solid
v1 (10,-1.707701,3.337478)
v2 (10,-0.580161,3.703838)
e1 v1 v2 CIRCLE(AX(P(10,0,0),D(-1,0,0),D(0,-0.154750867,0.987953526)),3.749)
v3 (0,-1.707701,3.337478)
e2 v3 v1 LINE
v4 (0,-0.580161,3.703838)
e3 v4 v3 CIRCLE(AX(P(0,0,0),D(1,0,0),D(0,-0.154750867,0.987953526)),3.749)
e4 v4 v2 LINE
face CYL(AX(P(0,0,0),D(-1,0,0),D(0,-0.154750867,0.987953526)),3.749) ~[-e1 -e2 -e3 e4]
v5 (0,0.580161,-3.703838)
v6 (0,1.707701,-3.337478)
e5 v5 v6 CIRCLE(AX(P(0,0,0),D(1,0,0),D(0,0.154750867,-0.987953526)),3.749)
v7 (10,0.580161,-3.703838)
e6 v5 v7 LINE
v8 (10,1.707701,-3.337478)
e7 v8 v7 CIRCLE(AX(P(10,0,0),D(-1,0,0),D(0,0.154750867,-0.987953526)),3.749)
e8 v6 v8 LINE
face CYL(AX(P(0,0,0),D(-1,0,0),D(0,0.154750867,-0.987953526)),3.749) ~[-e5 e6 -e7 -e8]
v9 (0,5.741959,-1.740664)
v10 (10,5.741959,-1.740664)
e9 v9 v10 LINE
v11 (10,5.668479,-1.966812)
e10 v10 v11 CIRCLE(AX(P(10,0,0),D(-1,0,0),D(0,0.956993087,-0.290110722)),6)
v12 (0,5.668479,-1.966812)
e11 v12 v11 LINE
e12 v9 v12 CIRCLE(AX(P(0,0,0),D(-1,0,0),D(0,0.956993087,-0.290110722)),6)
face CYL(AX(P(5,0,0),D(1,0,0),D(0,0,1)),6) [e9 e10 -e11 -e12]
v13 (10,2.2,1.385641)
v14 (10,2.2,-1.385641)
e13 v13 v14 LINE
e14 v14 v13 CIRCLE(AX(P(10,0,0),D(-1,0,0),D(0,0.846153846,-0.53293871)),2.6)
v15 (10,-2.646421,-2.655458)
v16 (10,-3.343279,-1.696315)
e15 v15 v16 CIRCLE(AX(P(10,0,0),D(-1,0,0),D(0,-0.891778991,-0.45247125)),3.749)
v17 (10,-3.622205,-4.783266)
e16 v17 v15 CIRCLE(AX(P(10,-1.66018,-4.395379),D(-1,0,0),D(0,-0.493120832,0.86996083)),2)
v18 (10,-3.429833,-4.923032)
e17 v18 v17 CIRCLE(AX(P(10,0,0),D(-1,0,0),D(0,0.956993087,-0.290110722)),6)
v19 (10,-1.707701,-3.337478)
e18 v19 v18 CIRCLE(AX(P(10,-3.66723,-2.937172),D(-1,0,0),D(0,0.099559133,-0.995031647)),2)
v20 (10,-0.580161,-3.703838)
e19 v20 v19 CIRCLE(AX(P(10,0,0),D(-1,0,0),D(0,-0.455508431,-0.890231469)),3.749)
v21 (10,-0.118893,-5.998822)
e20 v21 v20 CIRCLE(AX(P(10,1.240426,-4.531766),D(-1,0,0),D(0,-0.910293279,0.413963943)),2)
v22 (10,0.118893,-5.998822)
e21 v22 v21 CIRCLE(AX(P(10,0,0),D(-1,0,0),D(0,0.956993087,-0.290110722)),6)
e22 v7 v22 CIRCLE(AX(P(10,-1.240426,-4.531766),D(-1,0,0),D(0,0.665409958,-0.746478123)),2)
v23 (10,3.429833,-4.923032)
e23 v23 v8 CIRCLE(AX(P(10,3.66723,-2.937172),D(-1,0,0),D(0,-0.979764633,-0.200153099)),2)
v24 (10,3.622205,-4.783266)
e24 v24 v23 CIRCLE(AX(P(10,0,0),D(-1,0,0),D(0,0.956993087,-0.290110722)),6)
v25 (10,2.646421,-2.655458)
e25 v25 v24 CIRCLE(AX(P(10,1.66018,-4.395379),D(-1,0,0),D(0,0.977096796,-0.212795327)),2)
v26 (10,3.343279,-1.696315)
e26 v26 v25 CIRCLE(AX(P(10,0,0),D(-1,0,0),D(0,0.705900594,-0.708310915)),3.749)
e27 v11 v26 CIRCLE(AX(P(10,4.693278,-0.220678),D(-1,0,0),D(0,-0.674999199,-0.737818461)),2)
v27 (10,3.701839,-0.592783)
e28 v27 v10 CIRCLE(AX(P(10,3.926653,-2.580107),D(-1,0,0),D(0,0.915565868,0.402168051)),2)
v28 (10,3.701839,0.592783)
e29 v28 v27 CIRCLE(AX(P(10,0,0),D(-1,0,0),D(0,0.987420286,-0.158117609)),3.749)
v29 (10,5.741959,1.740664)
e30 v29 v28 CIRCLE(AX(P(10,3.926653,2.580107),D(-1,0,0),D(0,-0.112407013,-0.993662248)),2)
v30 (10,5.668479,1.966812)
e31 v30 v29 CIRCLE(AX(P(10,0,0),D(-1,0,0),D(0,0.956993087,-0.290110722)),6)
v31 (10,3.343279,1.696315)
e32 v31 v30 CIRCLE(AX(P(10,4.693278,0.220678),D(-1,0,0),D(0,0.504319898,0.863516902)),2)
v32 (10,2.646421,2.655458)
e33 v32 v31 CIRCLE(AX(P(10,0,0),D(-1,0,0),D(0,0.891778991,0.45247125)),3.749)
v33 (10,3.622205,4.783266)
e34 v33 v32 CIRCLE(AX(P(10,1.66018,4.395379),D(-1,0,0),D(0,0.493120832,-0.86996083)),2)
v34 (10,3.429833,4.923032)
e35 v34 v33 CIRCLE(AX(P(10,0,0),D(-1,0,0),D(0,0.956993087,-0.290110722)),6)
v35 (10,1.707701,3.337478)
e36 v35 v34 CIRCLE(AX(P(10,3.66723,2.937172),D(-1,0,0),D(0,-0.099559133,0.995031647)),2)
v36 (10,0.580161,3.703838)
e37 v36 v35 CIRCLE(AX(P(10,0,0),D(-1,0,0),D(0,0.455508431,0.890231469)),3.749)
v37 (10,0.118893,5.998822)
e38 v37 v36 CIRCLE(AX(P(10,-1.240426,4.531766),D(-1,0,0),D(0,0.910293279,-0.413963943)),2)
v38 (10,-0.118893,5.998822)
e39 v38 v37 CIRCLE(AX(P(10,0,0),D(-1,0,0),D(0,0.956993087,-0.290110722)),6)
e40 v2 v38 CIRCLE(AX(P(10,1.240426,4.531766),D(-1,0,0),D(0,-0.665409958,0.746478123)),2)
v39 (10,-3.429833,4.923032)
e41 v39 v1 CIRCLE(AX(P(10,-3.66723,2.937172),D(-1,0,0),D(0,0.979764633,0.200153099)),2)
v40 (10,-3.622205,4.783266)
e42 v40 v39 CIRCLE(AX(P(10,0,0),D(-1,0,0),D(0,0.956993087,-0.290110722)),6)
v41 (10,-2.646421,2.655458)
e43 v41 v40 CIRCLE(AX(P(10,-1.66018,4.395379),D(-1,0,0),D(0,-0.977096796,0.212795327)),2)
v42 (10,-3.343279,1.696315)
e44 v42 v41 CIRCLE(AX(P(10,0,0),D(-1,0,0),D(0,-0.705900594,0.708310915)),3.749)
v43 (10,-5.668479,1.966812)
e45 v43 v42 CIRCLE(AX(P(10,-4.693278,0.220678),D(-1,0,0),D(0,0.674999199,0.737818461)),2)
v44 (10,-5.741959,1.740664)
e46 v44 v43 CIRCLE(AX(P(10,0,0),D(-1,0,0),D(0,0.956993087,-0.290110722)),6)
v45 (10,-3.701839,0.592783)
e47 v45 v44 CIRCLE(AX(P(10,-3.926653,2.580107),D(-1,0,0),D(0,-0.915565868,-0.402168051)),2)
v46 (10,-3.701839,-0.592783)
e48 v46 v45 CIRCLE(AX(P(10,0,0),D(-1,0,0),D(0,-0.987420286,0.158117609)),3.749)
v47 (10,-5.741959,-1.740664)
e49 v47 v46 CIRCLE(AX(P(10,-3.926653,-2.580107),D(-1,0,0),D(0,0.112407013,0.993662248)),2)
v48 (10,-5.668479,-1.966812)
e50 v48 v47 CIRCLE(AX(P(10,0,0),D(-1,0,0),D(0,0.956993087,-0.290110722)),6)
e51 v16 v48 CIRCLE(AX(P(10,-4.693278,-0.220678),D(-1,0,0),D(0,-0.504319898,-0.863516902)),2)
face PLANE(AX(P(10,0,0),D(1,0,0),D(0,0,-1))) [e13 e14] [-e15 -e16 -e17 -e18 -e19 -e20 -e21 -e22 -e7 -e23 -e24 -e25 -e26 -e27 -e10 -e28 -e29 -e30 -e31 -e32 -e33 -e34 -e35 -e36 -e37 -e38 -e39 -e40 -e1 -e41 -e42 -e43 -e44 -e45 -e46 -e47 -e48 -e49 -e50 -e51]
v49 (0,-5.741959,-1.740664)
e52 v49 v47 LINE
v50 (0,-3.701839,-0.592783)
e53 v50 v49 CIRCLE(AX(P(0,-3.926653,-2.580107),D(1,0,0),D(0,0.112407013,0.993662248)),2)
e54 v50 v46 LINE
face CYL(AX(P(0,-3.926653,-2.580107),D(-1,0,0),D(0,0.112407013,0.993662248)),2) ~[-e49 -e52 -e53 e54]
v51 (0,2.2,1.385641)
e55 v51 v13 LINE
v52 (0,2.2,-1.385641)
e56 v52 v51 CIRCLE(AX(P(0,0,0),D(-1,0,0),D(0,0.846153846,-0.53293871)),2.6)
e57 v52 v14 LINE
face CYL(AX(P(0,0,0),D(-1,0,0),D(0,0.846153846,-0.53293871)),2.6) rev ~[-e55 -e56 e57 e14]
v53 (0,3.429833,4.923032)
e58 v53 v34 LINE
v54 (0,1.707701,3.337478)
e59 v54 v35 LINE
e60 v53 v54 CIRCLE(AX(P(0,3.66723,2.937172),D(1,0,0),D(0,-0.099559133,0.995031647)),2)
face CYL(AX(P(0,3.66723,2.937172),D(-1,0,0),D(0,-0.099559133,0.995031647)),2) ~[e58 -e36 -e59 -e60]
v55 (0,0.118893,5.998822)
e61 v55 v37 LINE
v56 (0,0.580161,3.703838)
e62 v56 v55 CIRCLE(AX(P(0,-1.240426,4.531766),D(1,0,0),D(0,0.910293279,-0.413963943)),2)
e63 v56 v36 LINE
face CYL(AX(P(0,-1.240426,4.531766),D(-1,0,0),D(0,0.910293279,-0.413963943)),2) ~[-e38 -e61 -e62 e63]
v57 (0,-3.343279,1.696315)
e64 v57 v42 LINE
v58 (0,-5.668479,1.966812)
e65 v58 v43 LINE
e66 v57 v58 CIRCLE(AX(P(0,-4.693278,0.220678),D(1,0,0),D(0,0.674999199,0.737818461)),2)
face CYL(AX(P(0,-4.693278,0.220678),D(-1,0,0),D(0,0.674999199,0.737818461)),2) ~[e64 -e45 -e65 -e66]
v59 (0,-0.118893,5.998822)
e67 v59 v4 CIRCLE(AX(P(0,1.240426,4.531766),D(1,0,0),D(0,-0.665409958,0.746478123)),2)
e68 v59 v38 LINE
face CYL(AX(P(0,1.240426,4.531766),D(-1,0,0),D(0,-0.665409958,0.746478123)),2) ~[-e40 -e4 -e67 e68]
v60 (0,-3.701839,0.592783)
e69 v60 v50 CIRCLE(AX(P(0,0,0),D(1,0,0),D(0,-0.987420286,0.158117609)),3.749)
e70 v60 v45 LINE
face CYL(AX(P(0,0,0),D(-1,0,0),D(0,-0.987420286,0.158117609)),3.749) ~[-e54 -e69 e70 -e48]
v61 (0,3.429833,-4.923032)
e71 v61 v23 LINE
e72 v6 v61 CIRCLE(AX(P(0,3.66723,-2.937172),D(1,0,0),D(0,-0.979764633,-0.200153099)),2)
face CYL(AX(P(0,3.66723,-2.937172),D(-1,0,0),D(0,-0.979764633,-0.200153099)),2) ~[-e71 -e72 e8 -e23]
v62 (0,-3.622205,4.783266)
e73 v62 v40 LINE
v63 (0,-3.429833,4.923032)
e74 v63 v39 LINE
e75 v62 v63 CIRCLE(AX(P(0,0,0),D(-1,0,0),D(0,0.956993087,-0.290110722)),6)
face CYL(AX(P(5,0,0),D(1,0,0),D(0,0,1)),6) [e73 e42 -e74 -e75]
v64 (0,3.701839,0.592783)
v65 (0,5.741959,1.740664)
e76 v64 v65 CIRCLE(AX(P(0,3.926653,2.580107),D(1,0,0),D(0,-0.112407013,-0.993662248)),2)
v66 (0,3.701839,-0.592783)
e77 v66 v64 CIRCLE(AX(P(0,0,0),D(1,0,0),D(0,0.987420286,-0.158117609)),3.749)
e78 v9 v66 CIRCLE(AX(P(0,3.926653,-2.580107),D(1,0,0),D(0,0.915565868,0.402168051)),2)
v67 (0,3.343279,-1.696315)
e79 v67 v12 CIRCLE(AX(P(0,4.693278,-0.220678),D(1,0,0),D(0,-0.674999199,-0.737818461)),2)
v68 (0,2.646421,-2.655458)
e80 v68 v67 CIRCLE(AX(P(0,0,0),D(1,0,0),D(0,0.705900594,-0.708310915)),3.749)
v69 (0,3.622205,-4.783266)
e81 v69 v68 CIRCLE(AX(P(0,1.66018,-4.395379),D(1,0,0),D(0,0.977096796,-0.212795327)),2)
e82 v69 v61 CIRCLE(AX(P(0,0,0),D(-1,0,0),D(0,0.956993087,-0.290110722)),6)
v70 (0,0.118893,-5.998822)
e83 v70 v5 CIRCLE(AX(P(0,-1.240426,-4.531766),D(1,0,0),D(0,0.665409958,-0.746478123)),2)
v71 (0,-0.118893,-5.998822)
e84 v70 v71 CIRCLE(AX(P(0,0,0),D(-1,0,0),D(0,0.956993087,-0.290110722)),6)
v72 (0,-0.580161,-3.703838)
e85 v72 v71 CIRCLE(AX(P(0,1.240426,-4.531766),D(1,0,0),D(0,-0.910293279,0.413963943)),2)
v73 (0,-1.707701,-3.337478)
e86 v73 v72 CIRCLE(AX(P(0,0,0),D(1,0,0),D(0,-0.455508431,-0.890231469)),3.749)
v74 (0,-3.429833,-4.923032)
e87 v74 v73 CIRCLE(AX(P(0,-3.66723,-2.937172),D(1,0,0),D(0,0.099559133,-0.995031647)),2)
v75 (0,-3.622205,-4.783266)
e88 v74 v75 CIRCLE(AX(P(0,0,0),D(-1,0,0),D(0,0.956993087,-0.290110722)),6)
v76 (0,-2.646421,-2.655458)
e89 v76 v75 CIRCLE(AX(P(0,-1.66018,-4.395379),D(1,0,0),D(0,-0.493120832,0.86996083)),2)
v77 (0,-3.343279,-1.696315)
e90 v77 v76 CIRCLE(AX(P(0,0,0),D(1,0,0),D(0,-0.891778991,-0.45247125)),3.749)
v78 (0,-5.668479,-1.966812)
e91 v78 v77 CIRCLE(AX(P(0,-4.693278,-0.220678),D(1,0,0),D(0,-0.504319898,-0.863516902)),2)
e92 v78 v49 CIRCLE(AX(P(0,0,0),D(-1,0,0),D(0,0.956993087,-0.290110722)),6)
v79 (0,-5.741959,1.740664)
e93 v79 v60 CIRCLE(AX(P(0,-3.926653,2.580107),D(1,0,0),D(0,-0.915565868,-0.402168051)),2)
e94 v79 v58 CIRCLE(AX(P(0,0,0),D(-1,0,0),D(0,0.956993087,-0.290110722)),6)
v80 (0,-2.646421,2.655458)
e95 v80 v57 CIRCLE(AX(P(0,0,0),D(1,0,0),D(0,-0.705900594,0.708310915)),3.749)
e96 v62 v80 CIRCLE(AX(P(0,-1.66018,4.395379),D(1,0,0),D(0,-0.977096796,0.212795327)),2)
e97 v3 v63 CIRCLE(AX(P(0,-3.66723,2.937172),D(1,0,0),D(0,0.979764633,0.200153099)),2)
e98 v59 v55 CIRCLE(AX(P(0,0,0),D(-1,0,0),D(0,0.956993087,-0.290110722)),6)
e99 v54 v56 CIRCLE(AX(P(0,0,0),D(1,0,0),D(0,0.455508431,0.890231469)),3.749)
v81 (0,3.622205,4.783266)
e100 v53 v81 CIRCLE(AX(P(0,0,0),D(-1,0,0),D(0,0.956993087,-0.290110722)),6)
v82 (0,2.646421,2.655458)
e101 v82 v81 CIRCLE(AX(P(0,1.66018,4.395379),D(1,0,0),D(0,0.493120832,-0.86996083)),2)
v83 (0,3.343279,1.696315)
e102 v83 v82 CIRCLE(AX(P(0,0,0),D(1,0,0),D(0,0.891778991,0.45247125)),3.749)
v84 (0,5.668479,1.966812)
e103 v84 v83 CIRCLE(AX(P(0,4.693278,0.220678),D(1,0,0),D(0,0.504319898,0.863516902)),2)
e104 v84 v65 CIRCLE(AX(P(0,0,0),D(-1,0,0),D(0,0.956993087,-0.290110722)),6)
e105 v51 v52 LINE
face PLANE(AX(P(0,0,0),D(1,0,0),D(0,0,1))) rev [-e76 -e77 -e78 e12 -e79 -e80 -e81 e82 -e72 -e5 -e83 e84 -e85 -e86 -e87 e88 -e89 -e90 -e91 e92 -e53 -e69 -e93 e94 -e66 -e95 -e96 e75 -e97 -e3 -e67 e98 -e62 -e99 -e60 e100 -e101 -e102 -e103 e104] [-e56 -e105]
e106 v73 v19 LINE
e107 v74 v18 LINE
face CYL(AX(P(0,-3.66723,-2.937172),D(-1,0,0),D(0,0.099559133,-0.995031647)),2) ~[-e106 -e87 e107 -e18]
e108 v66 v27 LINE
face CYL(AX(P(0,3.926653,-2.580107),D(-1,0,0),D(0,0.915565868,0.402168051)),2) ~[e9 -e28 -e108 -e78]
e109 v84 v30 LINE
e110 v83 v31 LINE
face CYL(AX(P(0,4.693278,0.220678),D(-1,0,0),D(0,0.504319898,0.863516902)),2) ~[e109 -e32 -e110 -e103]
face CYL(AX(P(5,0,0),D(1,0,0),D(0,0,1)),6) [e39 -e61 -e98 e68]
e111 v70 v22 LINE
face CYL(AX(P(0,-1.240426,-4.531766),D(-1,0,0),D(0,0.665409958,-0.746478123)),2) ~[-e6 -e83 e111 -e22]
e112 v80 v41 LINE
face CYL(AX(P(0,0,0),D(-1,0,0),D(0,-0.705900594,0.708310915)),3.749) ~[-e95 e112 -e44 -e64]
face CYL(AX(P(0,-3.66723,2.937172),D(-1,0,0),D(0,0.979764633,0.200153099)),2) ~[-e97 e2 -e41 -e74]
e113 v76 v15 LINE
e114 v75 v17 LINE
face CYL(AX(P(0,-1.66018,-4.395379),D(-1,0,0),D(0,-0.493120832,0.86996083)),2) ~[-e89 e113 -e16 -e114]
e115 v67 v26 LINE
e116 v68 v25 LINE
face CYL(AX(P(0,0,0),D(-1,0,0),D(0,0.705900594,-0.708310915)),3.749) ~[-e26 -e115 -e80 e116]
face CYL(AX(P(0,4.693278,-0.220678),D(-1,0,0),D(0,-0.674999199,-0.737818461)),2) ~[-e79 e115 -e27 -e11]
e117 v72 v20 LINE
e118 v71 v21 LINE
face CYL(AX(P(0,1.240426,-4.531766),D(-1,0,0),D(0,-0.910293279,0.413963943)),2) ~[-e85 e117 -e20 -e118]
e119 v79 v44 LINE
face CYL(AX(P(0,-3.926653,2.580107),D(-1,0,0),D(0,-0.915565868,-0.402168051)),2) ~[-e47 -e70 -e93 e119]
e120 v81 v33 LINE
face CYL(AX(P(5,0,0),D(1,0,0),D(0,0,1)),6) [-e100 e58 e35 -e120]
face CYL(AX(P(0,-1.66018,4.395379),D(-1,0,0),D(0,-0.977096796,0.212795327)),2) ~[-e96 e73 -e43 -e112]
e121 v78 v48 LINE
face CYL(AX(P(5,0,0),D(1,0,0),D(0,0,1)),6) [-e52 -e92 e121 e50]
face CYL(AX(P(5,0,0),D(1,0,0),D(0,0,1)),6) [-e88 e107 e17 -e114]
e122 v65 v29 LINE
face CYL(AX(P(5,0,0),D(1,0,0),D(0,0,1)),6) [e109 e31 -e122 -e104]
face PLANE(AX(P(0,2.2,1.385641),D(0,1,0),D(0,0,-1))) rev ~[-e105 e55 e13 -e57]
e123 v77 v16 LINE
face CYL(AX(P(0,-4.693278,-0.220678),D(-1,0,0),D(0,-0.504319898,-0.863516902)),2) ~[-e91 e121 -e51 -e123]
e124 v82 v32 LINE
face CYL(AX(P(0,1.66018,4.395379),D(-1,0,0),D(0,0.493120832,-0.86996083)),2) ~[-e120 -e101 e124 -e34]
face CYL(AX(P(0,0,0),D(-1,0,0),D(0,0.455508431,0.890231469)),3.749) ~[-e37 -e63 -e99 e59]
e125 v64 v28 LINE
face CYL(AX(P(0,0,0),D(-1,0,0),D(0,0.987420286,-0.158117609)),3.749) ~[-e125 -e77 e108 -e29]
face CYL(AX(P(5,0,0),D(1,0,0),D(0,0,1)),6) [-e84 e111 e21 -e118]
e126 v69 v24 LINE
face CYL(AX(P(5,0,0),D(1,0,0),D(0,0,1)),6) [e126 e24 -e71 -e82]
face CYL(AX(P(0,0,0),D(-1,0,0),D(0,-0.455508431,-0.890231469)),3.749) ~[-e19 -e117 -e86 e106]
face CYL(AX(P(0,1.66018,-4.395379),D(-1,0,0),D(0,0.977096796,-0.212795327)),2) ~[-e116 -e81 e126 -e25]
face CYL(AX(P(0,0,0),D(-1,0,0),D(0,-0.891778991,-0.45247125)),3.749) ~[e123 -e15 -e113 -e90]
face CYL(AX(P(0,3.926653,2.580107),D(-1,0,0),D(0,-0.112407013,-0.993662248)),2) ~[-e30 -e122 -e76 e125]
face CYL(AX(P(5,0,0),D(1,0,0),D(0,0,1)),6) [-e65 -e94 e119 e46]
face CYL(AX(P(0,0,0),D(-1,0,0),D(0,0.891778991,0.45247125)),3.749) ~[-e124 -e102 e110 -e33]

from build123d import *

# Parameters (mm, degrees)
BASPROSKE_W         = 10
BASPROSKE_H         = 6
TOOTHCUT_DEPTH      = 14.114877049
TEETHCUTS_COUNT     = 10
TEETHCUTS_ANGLE     = 324
BORSKE_R            = 2.5
BORE_DEPTH          = 50.0000508
SKETCH1_R           = 2.5
BOSS_EXTRUDE1_DEPTH = 10
CUT_EXTRUDE2_DEPTH  = 10
CUT_EXTRUDE4_DEPTH  = 12.8


with BuildPart() as part:
    # BasProSke → Base-Revolve (revolve)
    with BuildSketch(Plane(origin=(0, 0, 0), x_dir=(1, 0, 0), z_dir=(0, 1, 0)), mode=Mode.PRIVATE) as base_revolve_sk:
        with Locations((5, 3)):
            Rectangle(BASPROSKE_W, BASPROSKE_H)
    revolve(base_revolve_sk.sketch.rotate(Axis((-10, 0, 0), (1, 0, 0)), 180), axis=Axis((-10, 0, 0), (1, 0, 0)))

    # TooCutSke → ToothCut (cut, through all)
    with BuildSketch(Plane(origin=(0, 0, 0), x_dir=(0, 0, -1), z_dir=(1, 0, 0))):
        with BuildLine():
            ThreePointArc((0.59278292, 3.701838653), (0, 3.749), (-0.59278292, 3.701838653))
            ThreePointArc((-0.59278292, 3.701838653), (-0.846593509, 4.924114224), (-1.775771316, 5.757784417))
            ThreePointArc((-1.775771316, 5.757784417), (0, 6.0254), (1.775771316, 5.757784417))
            ThreePointArc((1.775771316, 5.757784417), (0.846593509, 4.924114224), (0.59278292, 3.701838653))
        make_face()
    toothcut = extrude(amount=TOOTHCUT_DEPTH, mode=Mode.SUBTRACT)

    # TeethCuts: ToothCut ×10 about axis
    teethcuts_axis = Axis((-10, 0, 0), (1, 0, 0))
    for i in range(1, TEETHCUTS_COUNT):
        add(toothcut.rotate(teethcuts_axis, i * TEETHCUTS_ANGLE / (TEETHCUTS_COUNT - 1)), mode=Mode.SUBTRACT)

    # BorSke → Bore (cut, symmetric)
    with BuildSketch(Plane(origin=(0, 0, 0), x_dir=(0, 0, -1), z_dir=(1, 0, 0))):
        with Locations(Location((0, 0, 0), (0, 0, 180))):
            Circle(BORSKE_R)
    extrude(amount=BORE_DEPTH, both=True, mode=Mode.SUBTRACT)

    # Sketch1 → Boss-Extrude1 (add)
    with BuildSketch(Plane(origin=(10, 0, 0), x_dir=(0, 0, -1), z_dir=(1, 0, 0))):
        Circle(SKETCH1_R)
    extrude(amount=-BOSS_EXTRUDE1_DEPTH)

    # Sketch2 → Cut-Extrude2 (cut)
    with BuildSketch(Plane.ZY):
        with BuildLine():
            Line((1.187434209, 2.2), (-1.187434209, 2.2))
            ThreePointArc((-1.187434209, 2.2), (-1.280900948, -2.146926352), (2.5, 0))
            ThreePointArc((2.5, 0), (2.146926352, 1.280900948), (1.187434209, 2.2))
        make_face()
    extrude(amount=-CUT_EXTRUDE2_DEPTH, mode=Mode.SUBTRACT)

    # Sketch3 → Cut-Extrude4 (cut)
    with BuildSketch(Plane.ZY):
        with BuildLine():
            ThreePointArc((-1.385640646, 2.2), (0, -2.6), (1.385640646, 2.2))
            Line((1.385640646, 2.2), (-1.385640646, 2.2))
        make_face()
    extrude(amount=-CUT_EXTRUDE4_DEPTH, mode=Mode.SUBTRACT)


solid = part.part
